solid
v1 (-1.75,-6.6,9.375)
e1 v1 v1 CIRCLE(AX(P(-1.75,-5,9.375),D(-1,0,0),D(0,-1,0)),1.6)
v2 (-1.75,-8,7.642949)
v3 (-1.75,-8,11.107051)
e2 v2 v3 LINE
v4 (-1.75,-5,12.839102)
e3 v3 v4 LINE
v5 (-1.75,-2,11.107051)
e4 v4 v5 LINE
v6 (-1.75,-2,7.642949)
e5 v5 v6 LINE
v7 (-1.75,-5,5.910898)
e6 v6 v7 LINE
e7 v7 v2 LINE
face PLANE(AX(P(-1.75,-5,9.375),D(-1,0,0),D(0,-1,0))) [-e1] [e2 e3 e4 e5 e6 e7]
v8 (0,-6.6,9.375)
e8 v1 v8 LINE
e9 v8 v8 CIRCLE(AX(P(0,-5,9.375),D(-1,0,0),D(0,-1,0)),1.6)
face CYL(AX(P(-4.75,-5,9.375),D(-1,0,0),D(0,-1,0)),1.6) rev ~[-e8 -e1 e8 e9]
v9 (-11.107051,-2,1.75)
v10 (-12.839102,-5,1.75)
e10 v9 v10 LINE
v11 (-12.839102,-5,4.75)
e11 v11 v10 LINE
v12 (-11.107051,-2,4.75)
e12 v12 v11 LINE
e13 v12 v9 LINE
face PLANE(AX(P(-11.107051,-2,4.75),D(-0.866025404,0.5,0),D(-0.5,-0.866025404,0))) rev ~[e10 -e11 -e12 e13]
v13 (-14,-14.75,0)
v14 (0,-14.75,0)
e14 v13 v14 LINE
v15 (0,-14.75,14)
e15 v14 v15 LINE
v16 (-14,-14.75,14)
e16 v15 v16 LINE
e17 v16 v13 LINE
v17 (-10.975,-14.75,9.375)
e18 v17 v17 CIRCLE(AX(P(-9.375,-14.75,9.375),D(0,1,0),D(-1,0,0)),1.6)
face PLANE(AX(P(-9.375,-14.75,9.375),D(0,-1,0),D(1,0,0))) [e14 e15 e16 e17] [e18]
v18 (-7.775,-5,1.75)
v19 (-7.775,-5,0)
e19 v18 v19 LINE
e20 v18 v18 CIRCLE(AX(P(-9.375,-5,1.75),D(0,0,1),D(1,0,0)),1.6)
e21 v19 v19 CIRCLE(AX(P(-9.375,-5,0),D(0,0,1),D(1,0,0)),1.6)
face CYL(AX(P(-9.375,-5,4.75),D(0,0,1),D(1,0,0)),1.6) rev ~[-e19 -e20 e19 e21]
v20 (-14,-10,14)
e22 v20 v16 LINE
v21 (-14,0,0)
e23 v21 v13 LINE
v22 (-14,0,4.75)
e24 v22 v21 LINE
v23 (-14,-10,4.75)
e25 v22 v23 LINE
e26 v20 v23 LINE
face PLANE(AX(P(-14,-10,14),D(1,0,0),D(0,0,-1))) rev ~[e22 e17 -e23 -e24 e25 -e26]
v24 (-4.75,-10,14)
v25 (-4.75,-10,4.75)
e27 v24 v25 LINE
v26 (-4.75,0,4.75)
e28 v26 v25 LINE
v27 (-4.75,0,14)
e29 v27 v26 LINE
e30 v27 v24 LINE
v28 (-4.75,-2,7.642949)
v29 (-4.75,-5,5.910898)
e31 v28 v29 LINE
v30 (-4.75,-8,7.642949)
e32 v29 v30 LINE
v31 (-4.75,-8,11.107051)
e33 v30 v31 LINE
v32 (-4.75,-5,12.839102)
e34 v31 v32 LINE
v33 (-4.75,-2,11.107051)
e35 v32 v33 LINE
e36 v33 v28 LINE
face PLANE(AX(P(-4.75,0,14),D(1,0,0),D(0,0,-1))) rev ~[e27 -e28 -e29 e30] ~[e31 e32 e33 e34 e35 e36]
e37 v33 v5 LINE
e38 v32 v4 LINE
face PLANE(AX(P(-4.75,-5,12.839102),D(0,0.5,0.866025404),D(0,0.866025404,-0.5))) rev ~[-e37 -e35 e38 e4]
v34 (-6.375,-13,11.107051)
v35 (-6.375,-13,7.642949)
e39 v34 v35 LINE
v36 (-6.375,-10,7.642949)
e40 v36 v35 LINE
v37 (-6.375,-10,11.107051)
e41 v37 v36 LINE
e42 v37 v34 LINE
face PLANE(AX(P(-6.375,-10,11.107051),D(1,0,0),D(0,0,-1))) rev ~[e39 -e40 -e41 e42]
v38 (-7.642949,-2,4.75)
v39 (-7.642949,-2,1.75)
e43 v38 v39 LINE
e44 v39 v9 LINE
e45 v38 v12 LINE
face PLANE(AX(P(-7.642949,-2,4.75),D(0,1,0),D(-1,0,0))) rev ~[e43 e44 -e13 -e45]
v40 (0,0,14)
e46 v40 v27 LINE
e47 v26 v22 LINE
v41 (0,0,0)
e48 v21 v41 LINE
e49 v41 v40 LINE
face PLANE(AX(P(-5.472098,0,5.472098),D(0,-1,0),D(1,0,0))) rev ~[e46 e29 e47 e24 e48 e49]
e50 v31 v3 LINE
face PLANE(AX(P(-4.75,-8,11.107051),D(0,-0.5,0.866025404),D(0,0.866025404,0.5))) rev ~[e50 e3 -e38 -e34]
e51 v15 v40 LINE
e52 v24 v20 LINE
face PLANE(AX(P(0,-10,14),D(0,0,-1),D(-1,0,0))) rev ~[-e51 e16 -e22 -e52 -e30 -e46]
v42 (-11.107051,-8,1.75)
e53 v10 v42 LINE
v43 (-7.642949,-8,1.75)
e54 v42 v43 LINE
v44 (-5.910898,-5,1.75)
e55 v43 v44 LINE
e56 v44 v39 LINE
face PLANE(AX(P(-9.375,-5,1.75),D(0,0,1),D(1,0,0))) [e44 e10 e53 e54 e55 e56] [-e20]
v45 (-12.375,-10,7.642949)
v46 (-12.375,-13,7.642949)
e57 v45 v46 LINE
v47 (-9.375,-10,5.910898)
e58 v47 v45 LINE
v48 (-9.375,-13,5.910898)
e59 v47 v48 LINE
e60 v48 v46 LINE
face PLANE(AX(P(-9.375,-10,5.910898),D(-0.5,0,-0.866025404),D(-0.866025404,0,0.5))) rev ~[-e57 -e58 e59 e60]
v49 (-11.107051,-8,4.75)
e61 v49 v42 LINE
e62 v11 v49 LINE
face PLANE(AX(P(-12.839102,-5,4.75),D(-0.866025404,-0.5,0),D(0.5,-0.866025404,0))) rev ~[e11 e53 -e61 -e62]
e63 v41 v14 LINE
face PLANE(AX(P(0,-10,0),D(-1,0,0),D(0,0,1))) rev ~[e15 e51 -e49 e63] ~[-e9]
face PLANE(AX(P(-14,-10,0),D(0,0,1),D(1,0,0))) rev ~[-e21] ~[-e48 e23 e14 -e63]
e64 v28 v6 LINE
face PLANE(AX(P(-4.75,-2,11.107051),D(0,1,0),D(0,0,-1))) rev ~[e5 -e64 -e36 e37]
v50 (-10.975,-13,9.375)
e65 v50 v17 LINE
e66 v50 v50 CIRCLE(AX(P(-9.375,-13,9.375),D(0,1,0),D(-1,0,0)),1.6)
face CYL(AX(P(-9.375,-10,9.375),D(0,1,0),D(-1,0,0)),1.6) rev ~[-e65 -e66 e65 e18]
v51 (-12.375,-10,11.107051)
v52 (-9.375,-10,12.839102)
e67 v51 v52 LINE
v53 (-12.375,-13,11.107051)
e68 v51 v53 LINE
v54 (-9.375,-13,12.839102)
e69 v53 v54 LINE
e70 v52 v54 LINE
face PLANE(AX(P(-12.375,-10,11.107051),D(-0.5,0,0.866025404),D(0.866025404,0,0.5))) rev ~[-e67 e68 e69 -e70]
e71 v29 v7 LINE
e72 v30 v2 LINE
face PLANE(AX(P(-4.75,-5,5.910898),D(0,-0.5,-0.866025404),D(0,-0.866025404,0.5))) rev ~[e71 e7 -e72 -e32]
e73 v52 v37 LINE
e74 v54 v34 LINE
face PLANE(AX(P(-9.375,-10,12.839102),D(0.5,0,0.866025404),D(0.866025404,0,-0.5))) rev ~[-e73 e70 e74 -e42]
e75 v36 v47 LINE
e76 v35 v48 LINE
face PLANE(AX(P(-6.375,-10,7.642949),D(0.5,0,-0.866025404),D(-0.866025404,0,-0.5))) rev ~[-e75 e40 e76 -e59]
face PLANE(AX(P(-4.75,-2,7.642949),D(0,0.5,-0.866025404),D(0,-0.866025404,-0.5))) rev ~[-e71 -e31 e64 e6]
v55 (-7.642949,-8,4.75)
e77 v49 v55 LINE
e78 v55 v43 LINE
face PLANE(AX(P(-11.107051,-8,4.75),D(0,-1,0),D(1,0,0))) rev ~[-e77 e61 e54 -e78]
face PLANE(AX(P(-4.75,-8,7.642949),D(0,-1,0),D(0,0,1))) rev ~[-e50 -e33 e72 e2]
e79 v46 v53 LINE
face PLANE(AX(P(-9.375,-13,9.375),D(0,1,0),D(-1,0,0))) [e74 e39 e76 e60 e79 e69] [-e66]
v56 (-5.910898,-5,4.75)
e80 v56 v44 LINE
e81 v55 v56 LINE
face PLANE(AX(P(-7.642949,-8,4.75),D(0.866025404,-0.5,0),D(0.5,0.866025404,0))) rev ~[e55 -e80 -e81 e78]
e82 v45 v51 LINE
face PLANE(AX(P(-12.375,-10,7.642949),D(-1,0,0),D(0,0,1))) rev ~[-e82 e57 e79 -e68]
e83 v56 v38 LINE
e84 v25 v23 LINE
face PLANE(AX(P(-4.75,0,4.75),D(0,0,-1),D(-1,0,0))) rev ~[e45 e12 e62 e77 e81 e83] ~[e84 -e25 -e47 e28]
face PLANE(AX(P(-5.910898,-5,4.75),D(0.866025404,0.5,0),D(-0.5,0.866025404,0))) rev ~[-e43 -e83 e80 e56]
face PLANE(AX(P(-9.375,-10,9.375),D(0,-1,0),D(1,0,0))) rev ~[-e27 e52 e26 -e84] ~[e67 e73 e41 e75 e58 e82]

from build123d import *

# Parameters (mm, degrees)
F1_DEPTH  = 10
F2_R      = 1.6
F3_DEPTH  = 3
F4_DEPTH  = 25
F5_R      = 1.6
F6_DEPTH  = 3
F7_DEPTH  = 25
F8_W      = 9.25
F8_H      = 9.25
F9_DEPTH  = 4.75
F10_R     = 1.6
F11_DEPTH = 3
F12_DEPTH = 25


with BuildPart() as f1:
    # F0 (on Front) → F1 (new body)
    with BuildSketch(Plane.XZ):
        Polygon((-14, 0), (0, 0), (0, 14), (-4.75, 14), (-4.75, 4.75), (-14, 4.75), align=None)
    extrude(amount=F1_DEPTH)

    # F2 (on face) → F3 (cut)
    with BuildSketch(Plane(origin=(-4.75, 0, 0), x_dir=(0, -1, 0), z_dir=(-1, 0, 0))):
        Polygon((2, 11.1070508076), (2, 7.6429491924), (5, 5.9108983849), (8, 7.6429491924), (8, 11.1070508076), (5, 12.8391016151), align=None)
        with Locations((5, 9.375)):
            Circle(F2_R, mode=Mode.SUBTRACT)
    extrude(amount=-F3_DEPTH, mode=Mode.SUBTRACT)

    # F4 (cut): a face of the model
    f4_faces = [f1.faces().sort_by_distance(p)[0] for p in [
        (-4.75, -5, 9.375),
    ]]
    extrude(f4_faces, amount=-F4_DEPTH, mode=Mode.SUBTRACT)

    # F5 (on face) → F6 (cut)
    with BuildSketch(Plane.XY.offset(4.75)):
        Polygon((-11.1070508076, -8), (-7.6429491924, -8), (-5.9108983849, -5), (-7.6429491924, -2), (-11.1070508076, -2), (-12.8391016151, -5), align=None)
        with Locations((-9.375, -5)):
            Circle(F5_R, mode=Mode.SUBTRACT)
    extrude(amount=-F6_DEPTH, mode=Mode.SUBTRACT)

    # F7 (cut): a face of the model
    f7_faces = [f1.faces().sort_by_distance(p)[0] for p in [
        (-9.375, -5, 4.75),
    ]]
    extrude(f7_faces, amount=-F7_DEPTH, mode=Mode.SUBTRACT)

    # F8 (on face) → F9 (join)
    with BuildSketch(Plane.XZ.offset(10)):
        with Locations((-9.375, 9.375)):
            Rectangle(F8_W, F8_H)
        Polygon((-14, 0), (0, 0), (0, 14), (-4.75, 14), (-4.75, 4.75), (-14, 4.75), align=None)
    extrude(amount=F9_DEPTH)

    # F10 (on face) → F11 (cut)
    with BuildSketch(Plane(origin=(0, -10, 0), x_dir=(-1, 0, 0), z_dir=(0, 1, 0))):
        Polygon((6.375, 11.1070508076), (6.375, 7.6429491924), (9.375, 5.9108983849), (12.375, 7.6429491924), (12.375, 11.1070508076), (9.375, 12.8391016151), align=None)
        with Locations((9.375, 9.375)):
            Circle(F10_R, mode=Mode.SUBTRACT)
    extrude(amount=-F11_DEPTH, mode=Mode.SUBTRACT)

    # F12 (cut): a face of the model
    f12_faces = [f1.faces().sort_by_distance(p)[0] for p in [
        (-9.375, -10, 9.375),
    ]]
    extrude(f12_faces, amount=-F12_DEPTH, mode=Mode.SUBTRACT)


solid = f1.part
